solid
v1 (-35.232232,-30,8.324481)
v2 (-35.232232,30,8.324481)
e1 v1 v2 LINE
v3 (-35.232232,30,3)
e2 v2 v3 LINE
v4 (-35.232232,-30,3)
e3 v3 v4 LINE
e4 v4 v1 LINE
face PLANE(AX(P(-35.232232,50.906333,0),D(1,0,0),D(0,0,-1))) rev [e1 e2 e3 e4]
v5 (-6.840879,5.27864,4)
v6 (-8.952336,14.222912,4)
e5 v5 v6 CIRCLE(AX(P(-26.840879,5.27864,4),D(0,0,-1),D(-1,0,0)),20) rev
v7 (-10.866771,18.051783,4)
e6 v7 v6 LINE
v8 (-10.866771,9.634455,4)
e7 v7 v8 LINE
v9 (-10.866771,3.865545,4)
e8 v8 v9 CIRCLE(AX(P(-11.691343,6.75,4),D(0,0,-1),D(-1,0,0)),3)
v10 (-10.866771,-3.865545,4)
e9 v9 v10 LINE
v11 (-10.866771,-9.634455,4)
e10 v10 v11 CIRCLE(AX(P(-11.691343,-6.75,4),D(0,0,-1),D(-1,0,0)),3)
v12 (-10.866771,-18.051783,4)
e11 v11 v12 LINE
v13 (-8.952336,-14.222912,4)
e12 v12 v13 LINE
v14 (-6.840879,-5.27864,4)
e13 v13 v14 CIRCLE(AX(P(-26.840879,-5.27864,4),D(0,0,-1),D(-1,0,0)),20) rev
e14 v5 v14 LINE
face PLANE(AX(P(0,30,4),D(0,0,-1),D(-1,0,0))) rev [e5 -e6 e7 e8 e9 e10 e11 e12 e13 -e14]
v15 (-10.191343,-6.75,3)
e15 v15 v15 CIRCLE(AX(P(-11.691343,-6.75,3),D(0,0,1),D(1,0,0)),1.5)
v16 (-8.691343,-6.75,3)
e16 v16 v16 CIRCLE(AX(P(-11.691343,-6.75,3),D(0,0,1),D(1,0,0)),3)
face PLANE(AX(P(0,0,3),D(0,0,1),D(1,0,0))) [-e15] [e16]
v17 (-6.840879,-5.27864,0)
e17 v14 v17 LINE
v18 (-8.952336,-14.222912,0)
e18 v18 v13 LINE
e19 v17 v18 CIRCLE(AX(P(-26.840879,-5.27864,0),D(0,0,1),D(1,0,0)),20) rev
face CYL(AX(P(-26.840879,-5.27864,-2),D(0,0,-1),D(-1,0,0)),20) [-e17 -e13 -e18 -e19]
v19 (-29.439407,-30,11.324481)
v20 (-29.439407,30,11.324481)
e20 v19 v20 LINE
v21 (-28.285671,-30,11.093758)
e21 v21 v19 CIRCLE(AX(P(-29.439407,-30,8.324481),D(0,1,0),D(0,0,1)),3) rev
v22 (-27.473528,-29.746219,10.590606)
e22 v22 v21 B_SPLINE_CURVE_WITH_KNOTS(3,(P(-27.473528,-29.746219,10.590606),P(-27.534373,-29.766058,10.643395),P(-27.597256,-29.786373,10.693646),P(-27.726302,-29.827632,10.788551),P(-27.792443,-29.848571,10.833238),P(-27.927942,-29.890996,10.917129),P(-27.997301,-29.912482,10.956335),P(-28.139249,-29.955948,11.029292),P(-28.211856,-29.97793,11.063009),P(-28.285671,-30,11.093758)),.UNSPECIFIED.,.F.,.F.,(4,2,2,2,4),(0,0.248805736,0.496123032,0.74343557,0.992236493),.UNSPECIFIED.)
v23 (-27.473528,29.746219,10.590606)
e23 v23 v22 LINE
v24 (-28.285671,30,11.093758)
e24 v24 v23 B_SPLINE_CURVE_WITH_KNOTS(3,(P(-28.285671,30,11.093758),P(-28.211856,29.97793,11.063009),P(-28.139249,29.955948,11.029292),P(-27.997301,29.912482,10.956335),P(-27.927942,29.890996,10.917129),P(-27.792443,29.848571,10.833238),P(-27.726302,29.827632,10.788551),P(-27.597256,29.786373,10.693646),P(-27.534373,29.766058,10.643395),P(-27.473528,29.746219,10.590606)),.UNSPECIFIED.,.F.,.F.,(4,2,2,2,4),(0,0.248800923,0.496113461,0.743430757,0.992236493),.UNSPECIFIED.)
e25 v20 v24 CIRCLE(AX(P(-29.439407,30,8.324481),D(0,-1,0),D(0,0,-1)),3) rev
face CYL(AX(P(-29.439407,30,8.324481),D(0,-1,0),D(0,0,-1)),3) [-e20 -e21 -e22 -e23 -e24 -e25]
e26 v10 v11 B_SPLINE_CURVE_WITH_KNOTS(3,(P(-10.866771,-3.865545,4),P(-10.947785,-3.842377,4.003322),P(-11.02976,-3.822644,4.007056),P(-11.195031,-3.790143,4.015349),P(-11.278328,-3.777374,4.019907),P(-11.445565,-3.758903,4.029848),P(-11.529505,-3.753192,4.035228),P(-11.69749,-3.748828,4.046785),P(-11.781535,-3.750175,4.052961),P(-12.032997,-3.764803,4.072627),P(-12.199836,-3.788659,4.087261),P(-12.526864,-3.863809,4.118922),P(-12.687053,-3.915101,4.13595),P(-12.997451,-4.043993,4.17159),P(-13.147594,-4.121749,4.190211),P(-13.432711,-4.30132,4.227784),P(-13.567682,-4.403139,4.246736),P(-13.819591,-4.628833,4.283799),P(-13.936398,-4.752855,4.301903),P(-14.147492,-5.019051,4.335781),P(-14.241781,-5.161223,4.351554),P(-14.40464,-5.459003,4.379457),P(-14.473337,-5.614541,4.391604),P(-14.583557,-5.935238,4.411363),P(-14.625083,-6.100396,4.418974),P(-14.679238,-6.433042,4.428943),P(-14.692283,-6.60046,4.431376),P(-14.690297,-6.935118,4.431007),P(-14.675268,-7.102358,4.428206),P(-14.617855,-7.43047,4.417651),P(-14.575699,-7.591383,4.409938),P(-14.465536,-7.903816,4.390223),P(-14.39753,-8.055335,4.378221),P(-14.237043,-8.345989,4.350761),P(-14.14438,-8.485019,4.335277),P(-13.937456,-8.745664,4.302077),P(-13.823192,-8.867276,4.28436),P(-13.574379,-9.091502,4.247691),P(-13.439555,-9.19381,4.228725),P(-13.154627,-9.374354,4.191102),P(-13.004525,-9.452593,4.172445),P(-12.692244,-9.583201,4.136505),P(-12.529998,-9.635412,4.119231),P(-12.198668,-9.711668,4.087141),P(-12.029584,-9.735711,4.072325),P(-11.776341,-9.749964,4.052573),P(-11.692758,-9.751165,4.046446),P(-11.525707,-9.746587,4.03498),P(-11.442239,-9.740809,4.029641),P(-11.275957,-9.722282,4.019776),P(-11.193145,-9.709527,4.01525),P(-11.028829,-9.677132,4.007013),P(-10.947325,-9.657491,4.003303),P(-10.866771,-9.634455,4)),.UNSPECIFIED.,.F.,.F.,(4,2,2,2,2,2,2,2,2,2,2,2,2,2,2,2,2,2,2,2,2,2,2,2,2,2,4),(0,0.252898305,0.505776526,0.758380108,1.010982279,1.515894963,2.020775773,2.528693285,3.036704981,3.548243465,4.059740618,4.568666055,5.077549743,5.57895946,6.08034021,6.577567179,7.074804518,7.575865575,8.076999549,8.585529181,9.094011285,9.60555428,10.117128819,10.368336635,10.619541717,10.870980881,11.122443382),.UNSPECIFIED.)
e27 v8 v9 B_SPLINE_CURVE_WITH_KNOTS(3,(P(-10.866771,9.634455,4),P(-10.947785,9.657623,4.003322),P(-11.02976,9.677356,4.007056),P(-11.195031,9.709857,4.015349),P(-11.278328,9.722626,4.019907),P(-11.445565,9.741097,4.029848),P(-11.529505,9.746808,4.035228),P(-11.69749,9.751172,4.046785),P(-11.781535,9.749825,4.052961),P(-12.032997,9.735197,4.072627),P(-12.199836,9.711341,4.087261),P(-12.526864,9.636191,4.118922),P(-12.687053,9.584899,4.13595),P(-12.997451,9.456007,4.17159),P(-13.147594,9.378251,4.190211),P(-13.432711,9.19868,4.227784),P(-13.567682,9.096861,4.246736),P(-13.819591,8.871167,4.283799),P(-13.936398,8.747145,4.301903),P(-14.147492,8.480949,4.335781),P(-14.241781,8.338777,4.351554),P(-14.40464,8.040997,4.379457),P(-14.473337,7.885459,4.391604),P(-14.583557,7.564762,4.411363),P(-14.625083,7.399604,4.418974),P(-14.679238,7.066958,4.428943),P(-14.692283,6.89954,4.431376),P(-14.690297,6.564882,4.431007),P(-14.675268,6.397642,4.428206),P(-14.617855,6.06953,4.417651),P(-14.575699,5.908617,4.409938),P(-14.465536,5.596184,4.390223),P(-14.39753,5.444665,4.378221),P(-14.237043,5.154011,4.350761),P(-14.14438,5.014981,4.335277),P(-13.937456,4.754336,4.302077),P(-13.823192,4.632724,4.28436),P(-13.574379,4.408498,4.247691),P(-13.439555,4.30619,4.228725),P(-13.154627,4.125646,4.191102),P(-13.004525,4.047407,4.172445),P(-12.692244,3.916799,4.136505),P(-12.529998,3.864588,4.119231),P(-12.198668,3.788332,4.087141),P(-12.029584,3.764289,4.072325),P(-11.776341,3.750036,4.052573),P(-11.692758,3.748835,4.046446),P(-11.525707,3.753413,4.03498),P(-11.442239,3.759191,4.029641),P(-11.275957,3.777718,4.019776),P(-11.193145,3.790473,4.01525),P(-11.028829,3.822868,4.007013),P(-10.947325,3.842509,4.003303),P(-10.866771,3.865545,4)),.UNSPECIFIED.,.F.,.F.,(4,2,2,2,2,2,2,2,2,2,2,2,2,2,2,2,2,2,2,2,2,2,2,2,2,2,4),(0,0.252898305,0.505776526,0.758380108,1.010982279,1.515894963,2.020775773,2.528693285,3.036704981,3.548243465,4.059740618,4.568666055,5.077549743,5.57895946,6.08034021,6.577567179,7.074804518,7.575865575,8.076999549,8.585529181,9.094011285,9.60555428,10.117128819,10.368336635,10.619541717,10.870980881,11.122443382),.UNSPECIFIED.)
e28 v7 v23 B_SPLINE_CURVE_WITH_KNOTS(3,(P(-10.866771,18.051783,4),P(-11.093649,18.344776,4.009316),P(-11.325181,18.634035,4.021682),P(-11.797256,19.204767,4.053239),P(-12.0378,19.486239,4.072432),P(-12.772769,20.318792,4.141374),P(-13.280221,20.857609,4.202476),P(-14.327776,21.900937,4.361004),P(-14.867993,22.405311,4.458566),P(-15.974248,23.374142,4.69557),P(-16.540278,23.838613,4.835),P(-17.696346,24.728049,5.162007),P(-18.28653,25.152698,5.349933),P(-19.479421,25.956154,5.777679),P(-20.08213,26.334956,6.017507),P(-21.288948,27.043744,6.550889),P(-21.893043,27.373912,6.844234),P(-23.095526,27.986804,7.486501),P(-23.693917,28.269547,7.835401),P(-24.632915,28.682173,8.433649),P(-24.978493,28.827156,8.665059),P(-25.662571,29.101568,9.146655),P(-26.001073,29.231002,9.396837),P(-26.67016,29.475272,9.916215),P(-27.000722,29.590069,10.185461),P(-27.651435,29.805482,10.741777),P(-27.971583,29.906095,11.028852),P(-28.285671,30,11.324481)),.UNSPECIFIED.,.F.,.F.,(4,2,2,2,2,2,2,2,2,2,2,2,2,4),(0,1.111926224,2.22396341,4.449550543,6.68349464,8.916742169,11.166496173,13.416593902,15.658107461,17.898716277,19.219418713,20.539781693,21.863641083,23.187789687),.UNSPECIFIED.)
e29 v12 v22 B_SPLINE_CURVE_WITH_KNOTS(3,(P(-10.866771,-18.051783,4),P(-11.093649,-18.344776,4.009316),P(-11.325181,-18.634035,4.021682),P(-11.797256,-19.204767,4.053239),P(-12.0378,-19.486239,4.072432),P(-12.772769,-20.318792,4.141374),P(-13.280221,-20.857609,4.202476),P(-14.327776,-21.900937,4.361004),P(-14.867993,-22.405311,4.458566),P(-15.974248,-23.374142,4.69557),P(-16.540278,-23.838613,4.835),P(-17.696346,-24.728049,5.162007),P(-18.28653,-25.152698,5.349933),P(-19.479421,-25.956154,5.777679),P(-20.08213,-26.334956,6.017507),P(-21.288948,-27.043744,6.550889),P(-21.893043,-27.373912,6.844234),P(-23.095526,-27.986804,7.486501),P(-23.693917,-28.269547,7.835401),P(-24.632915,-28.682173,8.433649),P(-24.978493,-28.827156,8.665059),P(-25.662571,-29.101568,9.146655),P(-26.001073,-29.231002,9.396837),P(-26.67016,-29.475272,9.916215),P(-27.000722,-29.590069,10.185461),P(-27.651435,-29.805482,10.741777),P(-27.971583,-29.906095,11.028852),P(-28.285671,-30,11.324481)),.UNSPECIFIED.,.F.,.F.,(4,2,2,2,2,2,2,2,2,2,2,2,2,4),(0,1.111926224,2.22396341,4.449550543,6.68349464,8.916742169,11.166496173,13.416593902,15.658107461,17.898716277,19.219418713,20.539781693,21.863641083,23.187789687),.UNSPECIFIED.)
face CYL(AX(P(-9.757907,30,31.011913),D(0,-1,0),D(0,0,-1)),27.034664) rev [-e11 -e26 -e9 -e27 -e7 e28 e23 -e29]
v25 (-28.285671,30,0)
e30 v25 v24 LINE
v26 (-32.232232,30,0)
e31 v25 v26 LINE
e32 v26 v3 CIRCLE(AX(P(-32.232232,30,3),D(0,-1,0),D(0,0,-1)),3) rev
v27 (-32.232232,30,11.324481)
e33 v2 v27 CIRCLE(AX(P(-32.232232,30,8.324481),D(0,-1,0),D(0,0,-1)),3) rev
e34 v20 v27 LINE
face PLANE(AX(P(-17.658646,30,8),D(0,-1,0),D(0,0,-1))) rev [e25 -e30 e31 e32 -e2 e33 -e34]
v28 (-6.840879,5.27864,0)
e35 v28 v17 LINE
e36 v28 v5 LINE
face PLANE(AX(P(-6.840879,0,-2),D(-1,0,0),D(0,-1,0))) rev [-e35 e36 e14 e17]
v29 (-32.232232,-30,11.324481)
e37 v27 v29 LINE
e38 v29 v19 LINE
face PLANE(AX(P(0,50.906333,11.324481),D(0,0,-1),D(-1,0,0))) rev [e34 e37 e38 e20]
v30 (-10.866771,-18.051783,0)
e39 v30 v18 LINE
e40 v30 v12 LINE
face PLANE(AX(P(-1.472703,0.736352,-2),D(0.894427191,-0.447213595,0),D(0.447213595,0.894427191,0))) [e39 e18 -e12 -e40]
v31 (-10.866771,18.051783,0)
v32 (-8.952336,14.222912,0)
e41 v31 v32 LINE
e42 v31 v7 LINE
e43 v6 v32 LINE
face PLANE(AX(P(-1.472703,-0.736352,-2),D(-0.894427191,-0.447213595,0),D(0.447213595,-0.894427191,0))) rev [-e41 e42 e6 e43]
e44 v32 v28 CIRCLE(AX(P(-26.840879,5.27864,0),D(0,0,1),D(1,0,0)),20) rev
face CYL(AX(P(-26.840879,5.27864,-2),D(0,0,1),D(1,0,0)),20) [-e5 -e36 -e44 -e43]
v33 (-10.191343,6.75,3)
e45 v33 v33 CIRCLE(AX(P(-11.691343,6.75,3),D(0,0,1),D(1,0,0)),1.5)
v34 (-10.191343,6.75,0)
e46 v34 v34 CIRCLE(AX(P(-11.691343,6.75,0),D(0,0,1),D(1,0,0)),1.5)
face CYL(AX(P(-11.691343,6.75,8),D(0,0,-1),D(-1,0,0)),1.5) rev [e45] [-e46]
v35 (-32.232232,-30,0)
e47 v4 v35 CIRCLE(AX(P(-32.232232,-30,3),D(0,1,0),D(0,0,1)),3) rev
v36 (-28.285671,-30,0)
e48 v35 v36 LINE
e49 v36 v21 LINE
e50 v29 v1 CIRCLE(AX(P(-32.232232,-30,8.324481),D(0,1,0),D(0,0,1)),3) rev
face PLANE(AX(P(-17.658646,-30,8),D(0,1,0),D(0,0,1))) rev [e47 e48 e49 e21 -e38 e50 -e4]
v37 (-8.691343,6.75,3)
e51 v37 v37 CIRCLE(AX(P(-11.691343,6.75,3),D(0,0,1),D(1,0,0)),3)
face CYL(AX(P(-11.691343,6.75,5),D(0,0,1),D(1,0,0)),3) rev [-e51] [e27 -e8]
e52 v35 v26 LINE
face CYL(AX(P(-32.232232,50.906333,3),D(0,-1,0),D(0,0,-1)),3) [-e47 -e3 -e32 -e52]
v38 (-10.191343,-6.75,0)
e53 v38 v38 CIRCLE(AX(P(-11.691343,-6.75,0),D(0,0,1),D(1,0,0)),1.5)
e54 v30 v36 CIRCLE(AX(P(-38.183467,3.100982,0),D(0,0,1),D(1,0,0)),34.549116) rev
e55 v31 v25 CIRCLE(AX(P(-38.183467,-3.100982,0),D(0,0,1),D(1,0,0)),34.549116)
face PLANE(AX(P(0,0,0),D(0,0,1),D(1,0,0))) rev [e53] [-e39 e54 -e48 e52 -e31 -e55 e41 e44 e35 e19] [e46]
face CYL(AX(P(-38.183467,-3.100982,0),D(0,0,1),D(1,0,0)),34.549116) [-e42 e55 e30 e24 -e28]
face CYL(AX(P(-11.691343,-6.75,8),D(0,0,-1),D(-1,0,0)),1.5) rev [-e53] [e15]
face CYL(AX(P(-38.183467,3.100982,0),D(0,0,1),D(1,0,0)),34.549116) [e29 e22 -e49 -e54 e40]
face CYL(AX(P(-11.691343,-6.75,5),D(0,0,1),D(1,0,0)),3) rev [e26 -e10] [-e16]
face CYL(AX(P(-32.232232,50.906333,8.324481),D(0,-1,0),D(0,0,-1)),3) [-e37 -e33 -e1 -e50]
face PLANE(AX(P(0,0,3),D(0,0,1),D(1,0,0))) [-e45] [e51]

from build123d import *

# Parameters (mm, degrees)
SKETCH_1_W          = 35.317292642
SKETCH_1_H          = 60
SKETCH_1_R          = 1.5
EXTRUDE_1_DEPTH     = 8
SKETCH_2_R          = 3
CUT_EXTRUDE_1_DEPTH = 3
EXTRUDE_2_DEPTH     = 60
FILLET_1_R          = 3
SKETCH_4_R          = 5
CUT_EXTRUDE_2_DEPTH = 47.960729747
CUT_EXTRUDE_3_DEPTH = 10
FILLET_2_R          = 20
CUT_EXTRUDE_4_DEPTH = 71.495063746
CUT_EXTRUDE_5_DEPTH = 2
CUT_EXTRUDE_6_DEPTH = 48.639836404
CUT_EXTRUDE_7_DEPTH = 71.495063746
FILLET_4_R          = 3


with BuildPart() as part:
    # 草图1 → 凸台-拉伸1 (new body)
    with BuildSketch(Plane.XY):
        Rectangle(SKETCH_1_W, SKETCH_1_H)
        with Locations((0, 13.5)):
            Circle(SKETCH_1_R, mode=Mode.SUBTRACT)
        with Locations((11.691342951, 6.75)):
            Circle(SKETCH_1_R, mode=Mode.SUBTRACT)
        with Locations((11.691342951, -6.75)):
            Circle(SKETCH_1_R, mode=Mode.SUBTRACT)
        with Locations((0, -13.5)):
            Circle(SKETCH_1_R, mode=Mode.SUBTRACT)
        with Locations((-11.691342951, -6.75)):
            Circle(SKETCH_1_R, mode=Mode.SUBTRACT)
        with Locations((-11.691342951, 6.75)):
            Circle(SKETCH_1_R, mode=Mode.SUBTRACT)
    extrude(amount=EXTRUDE_1_DEPTH)

    # 草图2 → 切除-拉伸1 (cut)
    with BuildSketch(Plane.XY.offset(8)):
        with Locations((0, 13.5)):
            Circle(SKETCH_2_R)
        with Locations((11.691342951, 6.75)):
            Circle(SKETCH_2_R)
        with Locations((11.691342951, -6.75)):
            Circle(SKETCH_2_R)
        with Locations((0, -13.5)):
            Circle(SKETCH_2_R)
        with Locations((-11.691342951, -6.75)):
            Circle(SKETCH_2_R)
        with Locations((-11.691342951, 6.75)):
            Circle(SKETCH_2_R)
    extrude(amount=-CUT_EXTRUDE_1_DEPTH, mode=Mode.SUBTRACT)

    # 草图3 → 凸台-拉伸2 (add)
    with BuildSketch(Plane.XZ.offset(30)):
        Polygon((-23.303511793, 11.324481191), (-17.658646321, 8), (-17.658646321, 0), (-35.232231527, 0), (-35.232231527, 11.324481191), align=None)
    extrude(amount=-EXTRUDE_2_DEPTH)

    # 圆角1
    fillet_1_edges = [part.edges().sort_by_distance(p)[0] for p in [
        (-17.658646321, 0, 8),
        (-35.232231527, 0, 11.324481191),
        (17.658646321, -30, 4),
        (-35.232231527, 0, 0),
        (-23.303511793, 0, 11.324481191),
        (17.658646321, 30, 4),
    ]]
    fillet(fillet_1_edges, radius=FILLET_1_R)

    # 草图4 → 切除-拉伸2 (cut, through all)
    with BuildSketch(Plane.XY.offset(8)):
        Circle(SKETCH_4_R)
    extrude(amount=-CUT_EXTRUDE_2_DEPTH, mode=Mode.SUBTRACT)

    # 草图5 → 切除-拉伸3 (cut)
    with BuildSketch(Plane.XY.offset(8)):
        with BuildLine():
            ThreePointArc((14.658646321, -30), (16.779966665, -29.121320344), (17.658646321, -27))
            Line((17.658646321, -27), (17.658646321, 27))
            ThreePointArc((17.658646321, 27), (16.779966665, 29.121320344), (14.658646321, 30))
            Line((14.658646321, 30), (-16.840879336, 30))
            Line((-16.840879336, 30), (-6.840879336, 10))
            Line((-6.840879336, 10), (-6.840879336, 0))
            Line((-6.840879336, 0), (-6.840879336, -10))
            Line((-6.840879336, -10), (-16.840879336, -30))
            Line((-16.840879336, -30), (14.658646321, -30))
        make_face()
    extrude(amount=-CUT_EXTRUDE_3_DEPTH, mode=Mode.SUBTRACT)

    # 圆角2
    fillet_2_edges = [part.edges().sort_by_distance(p)[0] for p in [
        (-6.840879336, -10, 4),
        (-6.840879336, 10, 4),
    ]]
    fillet(fillet_2_edges, radius=FILLET_2_R)

    # 草图6 → 切除-拉伸4 (cut, through all)
    with BuildSketch(Plane.XZ.offset(30)):
        with BuildLine():
            Line((-18.363290882, 8.414992633), (-16.840879336, 7.518385164))
            Line((-16.840879336, 7.518385164), (-16.840879336, 8))
            ThreePointArc((-16.840879336, 8), (-17.629859025, 8.105606963), (-18.363290882, 8.414992633))
        make_face()
        Polygon((-16.840879336, 8), (-16.840879336, 7.518385164), (-10.866770961, 4), (-6.840879336, 4), (-6.840879336, 8), (-8.952335516, 8), align=None)
        with BuildLine():
            Line((-28.285671321, 11.324481191), (-16.840879336, 6.512055498))
            Line((-16.840879336, 6.512055498), (-16.840879336, 7.518385164))
            Line((-16.840879336, 7.518385164), (-18.363290882, 8.414992633))
            Line((-18.363290882, 8.414992633), (-22.598867233, 10.909488557))
            ThreePointArc((-22.598867233, 10.909488557), (-23.332299089, 11.218874227), (-24.121278778, 11.324481191))
            Line((-24.121278778, 11.324481191), (-28.285671321, 11.324481191))
        make_face()
        Polygon((-16.840879336, 7.518385164), (-16.840879336, 6.512055498), (-10.866770961, 4), align=None)
    extrude(amount=-CUT_EXTRUDE_4_DEPTH, mode=Mode.SUBTRACT)

    # 草图7 → 切除-拉伸5 (cut)
    with BuildSketch(Plane.XY.offset(5)):
        with BuildLine():
            ThreePointArc((-13.244946275, 9.316382028), (-14.691342951, 6.75), (-13.244946275, 4.183617972))
            Line((-13.244946275, 4.183617972), (-13.244946275, 9.316382028))
        make_face()
        with BuildLine():
            Line((-13.244946275, 9.316382028), (-13.244946275, 4.183617972))
            ThreePointArc((-13.244946275, 4.183617972), (-10.218388433, 4.13649565), (-8.691342951, 6.75))
            ThreePointArc((-8.691342951, 6.75), (-10.218388433, 9.36350435), (-13.244946275, 9.316382028))
        make_face()
        with BuildLine():
            Line((-13.244946275, -9.316382028), (-13.244946275, -4.183617972))
            ThreePointArc((-13.244946275, -4.183617972), (-14.691342951, -6.75), (-13.244946275, -9.316382028))
        make_face()
        with BuildLine():
            ThreePointArc((-13.244946275, -4.183617972), (-14.691342951, -6.75), (-13.244946275, -9.316382028))
            Line((-13.244946275, -9.316382028), (-13.244946275, -4.183617972))
        make_face()
        with BuildLine():
            Line((-13.244946275, -4.183617972), (-13.244946275, -9.316382028))
            ThreePointArc((-13.244946275, -9.316382028), (-10.218388433, -9.36350435), (-8.691342951, -6.75))
            ThreePointArc((-8.691342951, -6.75), (-10.218388433, -4.13649565), (-13.244946275, -4.183617972))
        make_face()
    extrude(amount=-CUT_EXTRUDE_5_DEPTH, mode=Mode.SUBTRACT)

    # 草图8 → 切除-拉伸6 (cut, through all)
    with BuildSketch(Plane.XY.offset(11.324481191)):
        with BuildLine():
            ThreePointArc((-10.866770961, 18.051783249), (-18.640704436, 25.389749731), (-28.285671321, 30))
            Line((-28.285671321, 30), (-16.840879336, 30))
            Line((-16.840879336, 30), (-10.866770961, 18.051783249))
        make_face()
        with BuildLine():
            Line((-16.840879336, -30), (-10.866770961, -18.051783249))
            ThreePointArc((-10.866770961, -18.051783249), (-18.640704436, -25.389749731), (-28.285671321, -30))
            Line((-28.285671321, -30), (-16.840879336, -30))
        make_face()
    extrude(amount=-CUT_EXTRUDE_6_DEPTH, mode=Mode.SUBTRACT)

    # 草图10 → 切除-拉伸7 (cut, through all)
    with BuildSketch(Plane.XZ.offset(30)):
        with BuildLine():
            Line((-10.866770961, 4), (-28.285671321, 11.324481191))
            ThreePointArc((-28.285671321, 11.324481191), (-20.236995628, 6.090803021), (-10.866770961, 4))
        make_face()
    extrude(amount=-CUT_EXTRUDE_7_DEPTH, mode=Mode.SUBTRACT)

    # 圆角4
    fillet_4_edges = [part.edges().sort_by_distance(p)[0] for p in [
        (-28.285671321, 0, 11.324481191),
    ]]
    fillet(fillet_4_edges, radius=FILLET_4_R)


solid = part.part
